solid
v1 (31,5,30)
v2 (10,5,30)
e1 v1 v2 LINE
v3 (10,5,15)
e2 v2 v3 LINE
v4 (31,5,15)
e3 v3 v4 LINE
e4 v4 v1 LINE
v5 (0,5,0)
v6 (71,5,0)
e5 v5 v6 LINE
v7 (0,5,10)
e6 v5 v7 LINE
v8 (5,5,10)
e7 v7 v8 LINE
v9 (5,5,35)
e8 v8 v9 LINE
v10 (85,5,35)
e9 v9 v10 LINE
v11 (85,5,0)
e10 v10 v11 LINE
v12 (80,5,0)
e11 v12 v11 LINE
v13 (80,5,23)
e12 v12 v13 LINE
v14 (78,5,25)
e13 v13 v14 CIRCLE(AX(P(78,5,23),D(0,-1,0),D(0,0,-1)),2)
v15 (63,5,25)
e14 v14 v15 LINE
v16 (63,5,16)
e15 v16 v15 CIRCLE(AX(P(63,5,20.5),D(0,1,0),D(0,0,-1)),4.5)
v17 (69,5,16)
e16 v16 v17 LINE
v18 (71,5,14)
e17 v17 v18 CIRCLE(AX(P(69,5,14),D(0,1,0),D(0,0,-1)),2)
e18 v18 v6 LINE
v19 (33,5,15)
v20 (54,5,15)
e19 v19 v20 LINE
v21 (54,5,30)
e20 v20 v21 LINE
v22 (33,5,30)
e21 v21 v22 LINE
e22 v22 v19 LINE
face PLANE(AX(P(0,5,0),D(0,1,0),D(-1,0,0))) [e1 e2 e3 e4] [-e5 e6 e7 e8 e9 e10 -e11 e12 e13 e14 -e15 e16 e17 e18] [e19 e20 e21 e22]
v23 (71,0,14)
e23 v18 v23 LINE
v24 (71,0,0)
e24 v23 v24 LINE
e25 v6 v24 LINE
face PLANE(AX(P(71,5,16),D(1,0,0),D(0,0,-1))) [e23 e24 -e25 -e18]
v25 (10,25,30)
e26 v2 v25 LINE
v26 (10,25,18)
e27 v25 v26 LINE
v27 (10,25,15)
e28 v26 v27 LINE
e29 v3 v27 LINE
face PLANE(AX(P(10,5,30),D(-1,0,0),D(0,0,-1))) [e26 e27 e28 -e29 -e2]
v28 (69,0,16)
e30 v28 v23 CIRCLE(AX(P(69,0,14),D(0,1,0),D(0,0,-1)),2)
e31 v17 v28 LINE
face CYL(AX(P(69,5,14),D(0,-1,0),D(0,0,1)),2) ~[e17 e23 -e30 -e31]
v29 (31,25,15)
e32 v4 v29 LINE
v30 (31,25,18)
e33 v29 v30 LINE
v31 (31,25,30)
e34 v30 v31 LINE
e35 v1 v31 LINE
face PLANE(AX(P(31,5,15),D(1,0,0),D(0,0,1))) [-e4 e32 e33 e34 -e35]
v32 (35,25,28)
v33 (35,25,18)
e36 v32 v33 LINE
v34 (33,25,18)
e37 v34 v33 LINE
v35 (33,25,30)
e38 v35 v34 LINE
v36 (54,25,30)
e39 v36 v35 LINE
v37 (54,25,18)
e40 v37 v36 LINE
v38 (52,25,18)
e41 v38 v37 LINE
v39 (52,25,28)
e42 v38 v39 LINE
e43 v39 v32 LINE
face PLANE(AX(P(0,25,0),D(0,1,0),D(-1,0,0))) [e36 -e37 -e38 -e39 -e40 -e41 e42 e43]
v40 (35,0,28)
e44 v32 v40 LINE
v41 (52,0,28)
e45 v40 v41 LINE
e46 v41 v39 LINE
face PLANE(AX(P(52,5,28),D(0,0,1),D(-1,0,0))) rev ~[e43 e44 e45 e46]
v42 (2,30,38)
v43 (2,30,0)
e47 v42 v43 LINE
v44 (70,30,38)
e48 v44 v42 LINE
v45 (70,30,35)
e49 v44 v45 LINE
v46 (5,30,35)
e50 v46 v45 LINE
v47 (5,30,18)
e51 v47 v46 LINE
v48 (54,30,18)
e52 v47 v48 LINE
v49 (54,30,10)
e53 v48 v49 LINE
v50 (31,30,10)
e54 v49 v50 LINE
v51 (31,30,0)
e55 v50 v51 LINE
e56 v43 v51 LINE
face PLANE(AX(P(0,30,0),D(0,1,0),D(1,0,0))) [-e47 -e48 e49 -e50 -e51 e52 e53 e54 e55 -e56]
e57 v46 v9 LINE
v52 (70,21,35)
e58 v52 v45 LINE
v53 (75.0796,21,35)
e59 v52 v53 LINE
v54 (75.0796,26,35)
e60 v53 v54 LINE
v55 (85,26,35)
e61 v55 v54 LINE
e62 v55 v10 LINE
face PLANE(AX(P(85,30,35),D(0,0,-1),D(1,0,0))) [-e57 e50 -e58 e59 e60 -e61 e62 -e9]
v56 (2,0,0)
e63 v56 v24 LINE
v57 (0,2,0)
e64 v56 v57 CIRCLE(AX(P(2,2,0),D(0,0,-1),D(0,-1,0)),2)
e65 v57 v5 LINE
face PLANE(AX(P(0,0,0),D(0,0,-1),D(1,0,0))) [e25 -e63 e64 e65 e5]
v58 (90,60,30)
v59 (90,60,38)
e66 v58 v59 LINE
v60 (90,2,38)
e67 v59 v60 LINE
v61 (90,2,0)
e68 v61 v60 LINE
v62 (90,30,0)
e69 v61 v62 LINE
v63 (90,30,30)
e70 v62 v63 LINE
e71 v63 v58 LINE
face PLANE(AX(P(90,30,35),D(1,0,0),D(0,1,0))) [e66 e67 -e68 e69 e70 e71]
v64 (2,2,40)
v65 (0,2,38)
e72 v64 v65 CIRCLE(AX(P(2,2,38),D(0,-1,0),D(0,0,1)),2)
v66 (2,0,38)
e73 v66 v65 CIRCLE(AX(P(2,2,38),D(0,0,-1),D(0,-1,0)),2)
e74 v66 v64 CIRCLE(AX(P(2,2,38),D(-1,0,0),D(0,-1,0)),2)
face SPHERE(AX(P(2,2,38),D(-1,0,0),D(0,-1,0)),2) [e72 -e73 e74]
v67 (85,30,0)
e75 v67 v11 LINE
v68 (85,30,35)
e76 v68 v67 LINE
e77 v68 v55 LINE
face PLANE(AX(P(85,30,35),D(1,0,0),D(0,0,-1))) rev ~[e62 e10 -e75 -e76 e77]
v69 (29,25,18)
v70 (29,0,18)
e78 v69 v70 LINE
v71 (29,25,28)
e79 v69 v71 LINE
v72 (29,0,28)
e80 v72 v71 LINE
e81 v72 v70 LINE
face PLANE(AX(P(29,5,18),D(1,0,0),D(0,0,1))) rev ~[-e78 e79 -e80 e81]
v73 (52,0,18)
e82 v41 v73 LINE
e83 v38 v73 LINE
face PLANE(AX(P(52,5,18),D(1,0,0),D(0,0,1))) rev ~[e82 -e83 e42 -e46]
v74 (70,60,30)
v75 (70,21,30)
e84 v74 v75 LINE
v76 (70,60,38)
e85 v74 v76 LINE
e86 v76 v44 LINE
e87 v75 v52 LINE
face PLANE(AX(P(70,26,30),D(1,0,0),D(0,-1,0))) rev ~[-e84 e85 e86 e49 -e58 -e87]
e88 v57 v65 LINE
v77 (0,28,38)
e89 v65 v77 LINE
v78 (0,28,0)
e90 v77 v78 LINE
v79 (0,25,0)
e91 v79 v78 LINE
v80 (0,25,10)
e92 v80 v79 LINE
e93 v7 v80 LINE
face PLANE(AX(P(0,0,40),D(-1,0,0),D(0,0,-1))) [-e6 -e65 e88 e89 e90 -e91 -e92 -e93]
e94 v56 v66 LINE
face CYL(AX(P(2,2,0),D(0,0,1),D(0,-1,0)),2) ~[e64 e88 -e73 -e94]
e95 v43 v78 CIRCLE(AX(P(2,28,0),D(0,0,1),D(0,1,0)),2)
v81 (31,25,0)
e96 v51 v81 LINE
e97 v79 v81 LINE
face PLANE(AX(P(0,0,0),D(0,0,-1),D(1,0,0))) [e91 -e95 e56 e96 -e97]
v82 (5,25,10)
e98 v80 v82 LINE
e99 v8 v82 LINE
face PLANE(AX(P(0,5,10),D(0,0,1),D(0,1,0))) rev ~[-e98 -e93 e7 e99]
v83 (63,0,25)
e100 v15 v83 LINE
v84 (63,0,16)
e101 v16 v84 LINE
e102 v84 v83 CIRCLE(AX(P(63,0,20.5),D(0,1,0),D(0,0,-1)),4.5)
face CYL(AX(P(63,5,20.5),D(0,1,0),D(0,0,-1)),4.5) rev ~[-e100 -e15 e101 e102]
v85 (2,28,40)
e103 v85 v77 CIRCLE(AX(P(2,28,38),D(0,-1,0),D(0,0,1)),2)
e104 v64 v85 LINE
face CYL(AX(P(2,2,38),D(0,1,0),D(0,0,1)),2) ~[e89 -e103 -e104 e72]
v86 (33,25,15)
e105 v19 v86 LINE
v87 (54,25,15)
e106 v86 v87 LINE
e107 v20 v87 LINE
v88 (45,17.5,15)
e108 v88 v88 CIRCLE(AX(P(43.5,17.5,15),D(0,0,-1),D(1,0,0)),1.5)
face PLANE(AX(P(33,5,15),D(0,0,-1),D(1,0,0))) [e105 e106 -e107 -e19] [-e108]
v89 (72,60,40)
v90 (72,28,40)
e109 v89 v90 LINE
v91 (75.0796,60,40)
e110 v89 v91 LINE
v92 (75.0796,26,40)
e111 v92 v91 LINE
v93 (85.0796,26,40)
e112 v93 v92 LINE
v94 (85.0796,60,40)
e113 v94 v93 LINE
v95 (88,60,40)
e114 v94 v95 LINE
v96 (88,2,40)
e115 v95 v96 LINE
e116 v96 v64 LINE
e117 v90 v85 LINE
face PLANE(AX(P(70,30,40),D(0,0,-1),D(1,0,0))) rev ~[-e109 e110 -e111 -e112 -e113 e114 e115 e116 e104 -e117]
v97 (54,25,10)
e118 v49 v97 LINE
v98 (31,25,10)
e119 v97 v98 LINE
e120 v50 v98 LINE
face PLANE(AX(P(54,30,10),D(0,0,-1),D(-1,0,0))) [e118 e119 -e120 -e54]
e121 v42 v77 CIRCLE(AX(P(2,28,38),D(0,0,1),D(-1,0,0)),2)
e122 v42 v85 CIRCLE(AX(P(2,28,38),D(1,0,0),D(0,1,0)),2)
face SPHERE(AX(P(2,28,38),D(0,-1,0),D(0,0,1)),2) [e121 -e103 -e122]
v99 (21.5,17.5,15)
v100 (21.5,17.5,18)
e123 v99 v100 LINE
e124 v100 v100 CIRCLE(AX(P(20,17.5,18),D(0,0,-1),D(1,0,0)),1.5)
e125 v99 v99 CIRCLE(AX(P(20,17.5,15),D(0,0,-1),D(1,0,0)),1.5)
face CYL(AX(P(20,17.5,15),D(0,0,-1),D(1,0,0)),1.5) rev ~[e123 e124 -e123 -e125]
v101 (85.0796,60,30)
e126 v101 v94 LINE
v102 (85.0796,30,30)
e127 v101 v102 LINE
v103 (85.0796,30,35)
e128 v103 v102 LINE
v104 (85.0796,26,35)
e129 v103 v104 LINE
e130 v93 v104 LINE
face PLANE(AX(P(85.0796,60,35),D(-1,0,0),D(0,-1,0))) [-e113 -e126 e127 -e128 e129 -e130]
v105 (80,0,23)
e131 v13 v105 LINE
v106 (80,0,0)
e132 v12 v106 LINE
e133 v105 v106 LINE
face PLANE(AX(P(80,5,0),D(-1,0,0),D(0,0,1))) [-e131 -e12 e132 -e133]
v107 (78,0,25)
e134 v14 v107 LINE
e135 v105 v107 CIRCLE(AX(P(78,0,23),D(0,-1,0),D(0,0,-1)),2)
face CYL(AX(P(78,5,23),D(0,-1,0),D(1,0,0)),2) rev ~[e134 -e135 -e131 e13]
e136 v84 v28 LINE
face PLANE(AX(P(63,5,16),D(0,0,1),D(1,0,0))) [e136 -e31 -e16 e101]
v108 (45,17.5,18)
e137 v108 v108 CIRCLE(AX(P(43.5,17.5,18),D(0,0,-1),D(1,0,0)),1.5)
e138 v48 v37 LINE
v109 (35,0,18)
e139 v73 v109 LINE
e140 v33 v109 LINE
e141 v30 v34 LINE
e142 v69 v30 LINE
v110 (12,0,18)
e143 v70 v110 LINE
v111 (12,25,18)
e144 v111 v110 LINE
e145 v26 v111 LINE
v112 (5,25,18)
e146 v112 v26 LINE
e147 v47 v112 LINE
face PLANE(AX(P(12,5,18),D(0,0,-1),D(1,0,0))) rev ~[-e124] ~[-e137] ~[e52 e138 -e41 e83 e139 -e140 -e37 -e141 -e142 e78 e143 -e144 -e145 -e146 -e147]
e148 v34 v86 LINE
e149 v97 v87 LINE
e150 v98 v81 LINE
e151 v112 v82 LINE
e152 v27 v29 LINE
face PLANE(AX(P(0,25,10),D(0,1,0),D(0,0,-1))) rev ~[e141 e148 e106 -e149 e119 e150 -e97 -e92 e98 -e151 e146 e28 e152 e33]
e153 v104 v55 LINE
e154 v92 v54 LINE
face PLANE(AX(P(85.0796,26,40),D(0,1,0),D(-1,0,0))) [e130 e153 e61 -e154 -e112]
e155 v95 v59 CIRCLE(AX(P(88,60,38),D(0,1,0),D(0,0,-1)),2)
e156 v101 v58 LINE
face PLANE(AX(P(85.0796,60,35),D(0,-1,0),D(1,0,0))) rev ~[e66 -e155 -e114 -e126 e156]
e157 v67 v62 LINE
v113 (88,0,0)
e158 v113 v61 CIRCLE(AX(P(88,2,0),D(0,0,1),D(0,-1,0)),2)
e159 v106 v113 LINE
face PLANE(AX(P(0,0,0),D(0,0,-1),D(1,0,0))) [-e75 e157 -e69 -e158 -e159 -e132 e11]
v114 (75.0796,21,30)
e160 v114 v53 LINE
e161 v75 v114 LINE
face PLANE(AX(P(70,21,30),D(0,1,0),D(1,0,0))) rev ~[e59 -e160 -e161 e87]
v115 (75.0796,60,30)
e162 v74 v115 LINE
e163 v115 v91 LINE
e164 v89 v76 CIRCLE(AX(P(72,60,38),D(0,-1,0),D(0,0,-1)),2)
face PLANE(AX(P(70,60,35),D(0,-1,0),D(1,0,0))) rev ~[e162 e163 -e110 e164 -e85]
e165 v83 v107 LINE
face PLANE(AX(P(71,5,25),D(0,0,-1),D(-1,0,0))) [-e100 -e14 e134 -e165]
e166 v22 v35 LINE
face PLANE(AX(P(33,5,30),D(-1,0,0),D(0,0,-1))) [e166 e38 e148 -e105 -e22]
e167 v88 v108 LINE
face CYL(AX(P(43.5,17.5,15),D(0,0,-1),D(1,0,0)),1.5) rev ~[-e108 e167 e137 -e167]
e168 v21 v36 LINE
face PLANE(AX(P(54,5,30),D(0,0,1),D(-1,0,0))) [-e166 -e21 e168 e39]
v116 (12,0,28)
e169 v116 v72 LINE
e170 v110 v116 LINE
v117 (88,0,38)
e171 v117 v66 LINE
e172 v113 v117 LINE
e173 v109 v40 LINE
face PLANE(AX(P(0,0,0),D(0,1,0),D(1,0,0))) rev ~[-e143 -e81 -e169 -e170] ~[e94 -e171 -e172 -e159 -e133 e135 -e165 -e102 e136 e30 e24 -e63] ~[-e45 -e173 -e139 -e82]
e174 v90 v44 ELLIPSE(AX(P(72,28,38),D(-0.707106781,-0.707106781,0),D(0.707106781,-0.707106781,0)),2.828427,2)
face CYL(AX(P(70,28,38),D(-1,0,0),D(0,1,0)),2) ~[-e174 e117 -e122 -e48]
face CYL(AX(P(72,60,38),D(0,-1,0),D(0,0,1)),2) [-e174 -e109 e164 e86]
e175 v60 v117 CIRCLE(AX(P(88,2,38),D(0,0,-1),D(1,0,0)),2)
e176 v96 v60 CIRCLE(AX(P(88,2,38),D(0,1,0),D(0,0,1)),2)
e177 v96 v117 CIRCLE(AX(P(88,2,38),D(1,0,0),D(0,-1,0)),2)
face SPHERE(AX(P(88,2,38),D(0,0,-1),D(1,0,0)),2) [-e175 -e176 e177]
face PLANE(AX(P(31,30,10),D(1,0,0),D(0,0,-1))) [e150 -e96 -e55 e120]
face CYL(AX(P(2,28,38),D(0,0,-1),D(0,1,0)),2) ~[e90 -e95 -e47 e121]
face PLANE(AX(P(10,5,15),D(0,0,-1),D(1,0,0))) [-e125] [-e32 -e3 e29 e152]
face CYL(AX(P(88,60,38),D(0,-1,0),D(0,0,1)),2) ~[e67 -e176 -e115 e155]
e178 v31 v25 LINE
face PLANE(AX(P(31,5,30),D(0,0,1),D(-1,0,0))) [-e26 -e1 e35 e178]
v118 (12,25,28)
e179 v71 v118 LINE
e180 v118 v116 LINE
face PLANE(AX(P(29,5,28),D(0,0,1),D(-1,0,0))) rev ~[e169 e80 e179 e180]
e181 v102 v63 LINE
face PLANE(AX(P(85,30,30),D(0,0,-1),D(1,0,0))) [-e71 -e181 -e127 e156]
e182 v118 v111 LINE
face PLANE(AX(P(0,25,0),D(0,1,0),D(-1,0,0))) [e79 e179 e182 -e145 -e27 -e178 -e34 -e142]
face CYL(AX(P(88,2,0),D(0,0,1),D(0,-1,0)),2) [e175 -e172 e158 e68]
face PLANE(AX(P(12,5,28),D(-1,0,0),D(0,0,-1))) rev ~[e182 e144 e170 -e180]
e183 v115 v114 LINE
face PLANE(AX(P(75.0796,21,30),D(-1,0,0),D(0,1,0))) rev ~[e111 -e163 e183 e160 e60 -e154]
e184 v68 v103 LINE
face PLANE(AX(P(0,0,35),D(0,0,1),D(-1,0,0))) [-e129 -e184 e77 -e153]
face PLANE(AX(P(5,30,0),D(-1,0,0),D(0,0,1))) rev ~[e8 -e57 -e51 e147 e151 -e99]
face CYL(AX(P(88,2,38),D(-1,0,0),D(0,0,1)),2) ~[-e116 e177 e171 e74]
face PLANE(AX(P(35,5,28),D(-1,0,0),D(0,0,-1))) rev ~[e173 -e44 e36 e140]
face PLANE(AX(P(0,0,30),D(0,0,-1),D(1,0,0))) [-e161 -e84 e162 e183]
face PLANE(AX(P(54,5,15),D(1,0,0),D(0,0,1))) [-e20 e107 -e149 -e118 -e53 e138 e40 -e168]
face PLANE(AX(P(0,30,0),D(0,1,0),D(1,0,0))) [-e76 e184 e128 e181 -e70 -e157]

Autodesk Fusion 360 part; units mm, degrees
sketch "Sketch1" plane through (0, 0, 0) normal (0, 1, 0) x (1, 0, 0)
  line L0 (0, 0) -> (90, 0)
  line L1 (90, 0) -> (90, -40)
  line L2 (90, -40) -> (0, -40)
  line L3 (0, -40) -> (0, 0)
  dimension "d1" = 90
  dimension "d2" = 40
extrude "Extrude1" add sketch "Sketch1" along normal blind 30
sketch "Sketch2" plane through (0, 30, 0) normal (0, 1, 0) x (-1, 0, 0)
  line L0 (0, 40) -> (-90, 40)
  line L1 (-90, 40) -> (-90, 0)
  line L2 (-90, 0) -> (0, 0)
  line L3 (0, 0) -> (0, 40)
  line L4 (-85, 0) -> (-5, 0)
  line L5 (-5, 0) -> (-5, 35)
  line L6 (-5, 35) -> (-85, 35)
  line L7 (-85, 35) -> (-85, 0)
extrude "Extrude2" cut sketch "Sketch2" against normal blind 25 contours L2 L4 L5 L6 L7
sketch "Sketch3" plane through (0, 0, 0) normal (-1, 0, 0) x (0, -1, 0)
  line L0 (0, 0) -> (0, 40)
  line L1 (0, 40) -> (-30, 40)
  line L2 (-30, 40) -> (-30, 0)
  line L3 (-30, 0) -> (0, 0)
  line L4 (-25, 0) -> (-5, 0)
  line L5 (-5, 0) -> (-5, 10)
  line L6 (-5, 10) -> (-25, 10)
  line L7 (-25, 10) -> (-25, 0)
extrude "Extrude3" cut sketch "Sketch3" against normal blind 5 contours L3 L4 L5 L6 L7
sketch "Sketch4" plane through (0, 30, 0) normal (0, 1, 0) x (-1, 0, 0)
  line L0 (-85, 0) -> (-85, 35)
  line L1 (-85, 35) -> (-5, 35)
  line L2 (-5, 35) -> (-5, 0)
  line L3 (-5, 0) -> (0, 0)
  line L4 (0, 0) -> (0, 40)
  line L5 (0, 40) -> (-90, 40)
  line L6 (-90, 40) -> (-90, 0)
  line L7 (-90, 0) -> (-85, 0)
  line L8 (-90, 40) -> (-70, 40)
  line L9 (-70, 40) -> (-70, 35)
  line L10 (-70, 35) -> (-90, 35)
  line L11 (-90, 35) -> (-90, 40)
extrude "Extrude4" add sketch "Sketch4" along normal blind 30 contours L1 L5 L6 L8 L9 L10 L11
sketch "Sketch5" plane through (0, 0, 40) normal (0, 0, 1) x (-1, 0, 0)
  line L0 (0, 0) -> (-90, 0)
  line L1 (-90, 0) -> (-90, -60)
  line L2 (-90, -60) -> (-70, -60)
  line L3 (-70, -60) -> (-70, -30)
  line L4 (-70, -30) -> (0, -30)
  line L5 (0, -30) -> (0, 0)
  line L6 (-75.0796, -60) -> (-85.0796, -60)
  line L7 (-85.0796, -60) -> (-85.0796, -26)
  line L8 (-85.0796, -26) -> (-75.0796, -26)
  line L9 (-75.0796, -26) -> (-75.0796, -60)
  dimension "d11" = 10
  dimension "d12" = 34
extrude "Extrude5" cut sketch "Sketch5" against normal blind 5 contours L2 L6 L7 L8 L9
sketch "Sketch6" plane through (0, 5, 0) normal (0, 1, 0) x (-1, 0, 0)
  line L0 (-85, 35) -> (-85, 0)
  line L1 (-85, 0) -> (0, 0)
  line L2 (0, 0) -> (0, 10)
  line L3 (0, 10) -> (-5, 10)
  line L4 (-5, 10) -> (-5, 35)
  line L5 (-5, 35) -> (-85, 35)
  line L6 (-80, 25) -> (-71, 25)
  line L7 (-71, 16) -> (-71, 0)
  line L8 (-71, 0) -> (-80, 0)
  line L9 (-80, 0) -> (-80, 25)
  line L10 (-80, 25) -> (-63, 25)
  line L11 (-63, 16) -> (-71, 16)
  line L12 (-80, 16) -> (-80, 25)
  line L13 (-50, 28) -> (-33, 28)
  line L14 (-33, 28) -> (-33, 18)
  line L15 (-33, 18) -> (-50, 18)
  line L16 (-50, 18) -> (-50, 28)
  arc A0 (-63, 16) -> (-63, 25) centre (-63, 20.5) ccw
  dimension "d15" = 9
  dimension "d16" = 17
extrude "Extrude6" cut sketch "Sketch6" against normal blind 5 contours L1 L6 L7 L8 L9 L10 L11 L12 A0
sketch "Sketch7" plane through (0, 5, 0) normal (0, 1, 0) x (-1, 0, 0)
  line L0 (-80, 0) -> (-80, 25)
  line L1 (-80, 25) -> (-63, 25)
  arc A0 (-63, 16) -> (-63, 25) centre (-63, 20.5) ccw
  line L2 (-63, 16) -> (-71, 16)
  line L3 (-71, 16) -> (-71, 0)
  line L4 (-71, 0) -> (0, 0)
  line L5 (0, 0) -> (0, 10)
  line L6 (0, 10) -> (-5, 10)
  line L7 (-5, 10) -> (-5, 35)
  line L8 (-5, 35) -> (-85, 35)
  line L9 (-85, 35) -> (-85, 0)
  line L10 (-85, 0) -> (-80, 0)
  line L11 (-12, 28) -> (-29, 28)
  line L12 (-29, 28) -> (-29, 18)
  line L13 (-29, 18) -> (-12, 18)
  line L14 (-12, 18) -> (-12, 28)
extrude "Extrude7" cut sketch "Sketch7" against normal blind 8 contours L11 L12 L13 L14
sketch "Sketch8" plane through (0, 5, 0) normal (0, 1, 0) x (-1, 0, 0)
  line L0 (-29, 28) -> (-12, 28)
  line L1 (-12, 28) -> (-12, 18)
  line L2 (-12, 18) -> (-29, 18)
  line L3 (-29, 18) -> (-29, 28)
  line L4 (-80, 0) -> (-80, 25)
  line L5 (-80, 25) -> (-63, 25)
  arc A0 (-63, 16) -> (-63, 25) centre (-63, 20.5) ccw
  line L6 (-63, 16) -> (-71, 16)
  line L7 (-71, 16) -> (-71, 0)
  line L8 (-71, 0) -> (0, 0)
  line L9 (0, 0) -> (0, 10)
  line L10 (0, 10) -> (-5, 10)
  line L11 (-5, 10) -> (-5, 35)
  line L12 (-5, 35) -> (-85, 35)
  line L13 (-85, 35) -> (-85, 0)
  line L14 (-85, 0) -> (-80, 0)
  line L15 (-35, 28) -> (-52, 28)
  line L16 (-52, 28) -> (-52, 18)
  line L17 (-52, 18) -> (-35, 18)
  line L18 (-35, 18) -> (-35, 28)
extrude "Extrude8" cut sketch "Sketch8" against normal blind 6 contours L15 L16 L17 L18
sketch "Sketch9" plane through (0, 5, 0) normal (0, 1, 0) x (-1, 0, 0)
  line L0 (-52, 28) -> (-35, 28)
  line L1 (-35, 28) -> (-35, 18)
  line L2 (-35, 18) -> (-52, 18)
  line L3 (-52, 18) -> (-52, 28)
  line L4 (-29, 28) -> (-12, 28)
  line L5 (-12, 28) -> (-12, 18)
  line L6 (-12, 18) -> (-29, 18)
  line L7 (-29, 18) -> (-29, 28)
  line L8 (-80, 0) -> (-80, 25)
  line L9 (-80, 25) -> (-63, 25)
  arc A0 (-63, 16) -> (-63, 25) centre (-63, 20.5) ccw
  line L10 (-63, 16) -> (-71, 16)
  line L11 (-71, 16) -> (-71, 0)
  line L12 (-71, 0) -> (0, 0)
  line L13 (0, 0) -> (0, 10)
  line L14 (0, 10) -> (-5, 10)
  line L15 (-5, 10) -> (-5, 35)
  line L16 (-5, 35) -> (-85, 35)
  line L17 (-85, 35) -> (-85, 0)
  line L18 (-85, 0) -> (-80, 0)
  line L19 (-54, 30) -> (-33, 30)
  line L20 (-33, 30) -> (-33, 15)
  line L21 (-33, 15) -> (-54, 15)
  line L22 (-54, 15) -> (-54, 30)
extrude "Extrude9" add sketch "Sketch9" along normal blind 20 contours L19 L20 L21 L22
sketch "Sketch10" plane through (0, 5, 0) normal (0, 1, 0) x (-1, 0, 0)
  line L0 (-54, 15) -> (-54, 30)
  line L1 (-54, 30) -> (-33, 30)
  line L2 (-33, 30) -> (-33, 15)
  line L3 (-33, 15) -> (-54, 15)
  line L4 (-29, 28) -> (-12, 28)
  line L5 (-12, 28) -> (-12, 18)
  line L6 (-12, 18) -> (-29, 18)
  line L7 (-29, 18) -> (-29, 28)
  line L8 (-80, 0) -> (-80, 25)
  line L9 (-80, 25) -> (-63, 25)
  arc A0 (-63, 16) -> (-63, 25) centre (-63, 20.5) ccw
  line L10 (-63, 16) -> (-71, 16)
  line L11 (-71, 16) -> (-71, 0)
  line L12 (-71, 0) -> (0, 0)
  line L13 (0, 0) -> (0, 10)
  line L14 (0, 10) -> (-5, 10)
  line L15 (-5, 10) -> (-5, 35)
  line L16 (-5, 35) -> (-85, 35)
  line L17 (-85, 35) -> (-85, 0)
  line L18 (-85, 0) -> (-80, 0)
  line L19 (-31, 30) -> (-10, 30)
  line L20 (-10, 30) -> (-10, 15)
  line L21 (-10, 15) -> (-31, 15)
  line L22 (-31, 15) -> (-31, 30)
extrude "Extrude10" add sketch "Sketch10" along normal blind 20 contours L19 L20 L21 L22
sketch "Sketch11" plane through (0, 0, 0) normal (-1, 0, 0) x (0, -1, 0)
  line L0 (-25, 0) -> (-25, 10)
  line L1 (-25, 10) -> (-5, 10)
  line L2 (-5, 10) -> (-5, 0)
  line L3 (-5, 0) -> (0, 0)
  line L4 (0, 0) -> (0, 40)
  line L5 (0, 40) -> (-30, 40)
  line L6 (-30, 40) -> (-30, 0)
  line L7 (-30, 0) -> (-25, 0)
  line L8 (-25, 0) -> (-30, 0)
  line L9 (-30, 0) -> (-30, 18)
  line L10 (-30, 18) -> (-25, 18)
  line L11 (-25, 18) -> (-25, 0)
  dimension "d27" = 18
extrude "Extrude11" add sketch "Sketch11" against normal blind 54 contours L0 L6 L7 L8 L9 L10 L11
sketch "Sketch12" plane through (0, 0, 15) normal (0, 0, -1) x (1, 0, 0)
  line L0 (54, -5) -> (33, -5)
  line L1 (33, -5) -> (33, -25)
  line L2 (33, -25) -> (54, -25)
  line L3 (54, -25) -> (54, -5)
  circle A0 centre (43.5, -17.5) radius 1.5
  circle A1 centre (20, -17.5) radius 1.5
  line L4 (54, -25) -> (0, -25)
  dimension "d30" = 7.5
  dimension "d31" = 3
  dimension "d32" = 7.5
  dimension "d33" = 3
extrude "Extrude12" cut sketch "Sketch12" against normal blind 4 contours A0
sketch "Sketch13" plane through (0, 0, 15) normal (0, 0, -1) x (1, 0, 0)
  line L0 (31, -5) -> (10, -5)
  line L1 (10, -5) -> (10, -25)
  line L2 (10, -25) -> (31, -25)
  line L3 (31, -25) -> (31, -5)
  circle A0 centre (20, -17.5) radius 1.5
  dimension "d36" = 7.5
  dimension "d37" = 3
  dimension "d38" = 11
extrude "Extrude13" cut sketch "Sketch13" against normal blind 4 contours A0
sketch "Sketch14" plane through (0, 30, 0) normal (0, 1, 0) x (-1, 0, 0)
  line L0 (0, 0) -> (0, 40)
  line L1 (0, 40) -> (-70, 40)
  line L2 (-70, 40) -> (-70, 35)
  line L3 (-70, 35) -> (-5, 35)
  line L4 (-5, 35) -> (-5, 18)
  line L5 (-5, 18) -> (-54, 18)
  line L6 (-54, 18) -> (-54, 0)
  line L7 (-54, 0) -> (0, 0)
  line L8 (-54, 10) -> (-31, 10)
  line L9 (-31, 10) -> (-31, 0)
  line L10 (-31, 0) -> (-54, 0)
  line L11 (-54, 0) -> (-54, 10)
  dimension "d41" = 10
extrude "Extrude14" cut sketch "Sketch14" against normal blind 5 contours L6 L7 L8 L9 L10 L11
sketch "Sketch15" plane through (0, 0, 35) normal (0, 0, -1) x (1, 0, 0)
  line L0 (75.0796, -26) -> (85, -26)
  line L1 (85, -26) -> (85, -5)
  line L2 (85, -5) -> (5, -5)
  line L3 (5, -5) -> (5, -30)
  line L4 (5, -30) -> (70, -30)
  line L5 (70, -30) -> (70, -60)
  line L6 (70, -60) -> (75.0796, -60)
  line L7 (75.0796, -60) -> (75.0796, -26)
  line L8 (75.0796, -26) -> (70, -26)
  line L9 (70, -26) -> (70, -60)
  line L10 (70, -60) -> (75.0796, -60)
  line L11 (75.0796, -60) -> (75.0796, -26)
extrude "Extrude15" add sketch "Sketch15" along normal blind 5 contours L5 L6 L7 L8 L9 L10 L11
extrude "Extrude16" add 1 faces at (88.3599, 50, 35) along direction (0, 0, -1) blind 5
sketch "Sketch16" plane through (0, 60, 0) normal (0, 1, 0) x (-1, 0, 0)
  line L0 (-85.0796, 30) -> (-85.0796, 40)
  line L1 (-85.0796, 40) -> (-90, 40)
  line L2 (-90, 40) -> (-90, 30)
  line L3 (-90, 30) -> (-85.0796, 30)
sketch "Sketch17" plane through (0, 0, 30) normal (0, 0, -1) x (1, 0, 0)
  line L0 (75.0796, -60) -> (75.0796, -26)
  line L1 (75.0796, -26) -> (70, -26)
  line L2 (70, -26) -> (70, -60)
  line L3 (70, -60) -> (75.0796, -60)
  line L4 (75.0796, -26) -> (70, -26)
  line L5 (70, -26) -> (70, -21)
  line L6 (70, -21) -> (75.0796, -21)
  line L7 (75.0796, -21) -> (75.0796, -26)
extrude "Extrude17" add sketch "Sketch17" against normal blind 5 contours L1 L4 L5 L6 L7
fillet "Fillet1" radius 2 1 edges at (90, 0, 20)
fillet "Fillet2" radius 2 3 edges at (90, 31, 40) (89.4142, 0.5858, 40) (44, 0, 40)
fillet "Fillet3" radius 2 3 edges at (0, 16, 40) (0, 0.5858, 39.4142) (0, 0, 19)
fillet "Fillet4" radius 2 3 edges at (0, 30, 19) (0.5858, 30, 39.4142) (36, 30, 40)
fillet "Fillet5" radius 2 1 edges at (70, 44, 40)
fillet "Fillet6" radius 2 1 edges at (80, 2.5, 25)
fillet "Fillet7" radius 2 1 edges at (71, 2.5, 16)
